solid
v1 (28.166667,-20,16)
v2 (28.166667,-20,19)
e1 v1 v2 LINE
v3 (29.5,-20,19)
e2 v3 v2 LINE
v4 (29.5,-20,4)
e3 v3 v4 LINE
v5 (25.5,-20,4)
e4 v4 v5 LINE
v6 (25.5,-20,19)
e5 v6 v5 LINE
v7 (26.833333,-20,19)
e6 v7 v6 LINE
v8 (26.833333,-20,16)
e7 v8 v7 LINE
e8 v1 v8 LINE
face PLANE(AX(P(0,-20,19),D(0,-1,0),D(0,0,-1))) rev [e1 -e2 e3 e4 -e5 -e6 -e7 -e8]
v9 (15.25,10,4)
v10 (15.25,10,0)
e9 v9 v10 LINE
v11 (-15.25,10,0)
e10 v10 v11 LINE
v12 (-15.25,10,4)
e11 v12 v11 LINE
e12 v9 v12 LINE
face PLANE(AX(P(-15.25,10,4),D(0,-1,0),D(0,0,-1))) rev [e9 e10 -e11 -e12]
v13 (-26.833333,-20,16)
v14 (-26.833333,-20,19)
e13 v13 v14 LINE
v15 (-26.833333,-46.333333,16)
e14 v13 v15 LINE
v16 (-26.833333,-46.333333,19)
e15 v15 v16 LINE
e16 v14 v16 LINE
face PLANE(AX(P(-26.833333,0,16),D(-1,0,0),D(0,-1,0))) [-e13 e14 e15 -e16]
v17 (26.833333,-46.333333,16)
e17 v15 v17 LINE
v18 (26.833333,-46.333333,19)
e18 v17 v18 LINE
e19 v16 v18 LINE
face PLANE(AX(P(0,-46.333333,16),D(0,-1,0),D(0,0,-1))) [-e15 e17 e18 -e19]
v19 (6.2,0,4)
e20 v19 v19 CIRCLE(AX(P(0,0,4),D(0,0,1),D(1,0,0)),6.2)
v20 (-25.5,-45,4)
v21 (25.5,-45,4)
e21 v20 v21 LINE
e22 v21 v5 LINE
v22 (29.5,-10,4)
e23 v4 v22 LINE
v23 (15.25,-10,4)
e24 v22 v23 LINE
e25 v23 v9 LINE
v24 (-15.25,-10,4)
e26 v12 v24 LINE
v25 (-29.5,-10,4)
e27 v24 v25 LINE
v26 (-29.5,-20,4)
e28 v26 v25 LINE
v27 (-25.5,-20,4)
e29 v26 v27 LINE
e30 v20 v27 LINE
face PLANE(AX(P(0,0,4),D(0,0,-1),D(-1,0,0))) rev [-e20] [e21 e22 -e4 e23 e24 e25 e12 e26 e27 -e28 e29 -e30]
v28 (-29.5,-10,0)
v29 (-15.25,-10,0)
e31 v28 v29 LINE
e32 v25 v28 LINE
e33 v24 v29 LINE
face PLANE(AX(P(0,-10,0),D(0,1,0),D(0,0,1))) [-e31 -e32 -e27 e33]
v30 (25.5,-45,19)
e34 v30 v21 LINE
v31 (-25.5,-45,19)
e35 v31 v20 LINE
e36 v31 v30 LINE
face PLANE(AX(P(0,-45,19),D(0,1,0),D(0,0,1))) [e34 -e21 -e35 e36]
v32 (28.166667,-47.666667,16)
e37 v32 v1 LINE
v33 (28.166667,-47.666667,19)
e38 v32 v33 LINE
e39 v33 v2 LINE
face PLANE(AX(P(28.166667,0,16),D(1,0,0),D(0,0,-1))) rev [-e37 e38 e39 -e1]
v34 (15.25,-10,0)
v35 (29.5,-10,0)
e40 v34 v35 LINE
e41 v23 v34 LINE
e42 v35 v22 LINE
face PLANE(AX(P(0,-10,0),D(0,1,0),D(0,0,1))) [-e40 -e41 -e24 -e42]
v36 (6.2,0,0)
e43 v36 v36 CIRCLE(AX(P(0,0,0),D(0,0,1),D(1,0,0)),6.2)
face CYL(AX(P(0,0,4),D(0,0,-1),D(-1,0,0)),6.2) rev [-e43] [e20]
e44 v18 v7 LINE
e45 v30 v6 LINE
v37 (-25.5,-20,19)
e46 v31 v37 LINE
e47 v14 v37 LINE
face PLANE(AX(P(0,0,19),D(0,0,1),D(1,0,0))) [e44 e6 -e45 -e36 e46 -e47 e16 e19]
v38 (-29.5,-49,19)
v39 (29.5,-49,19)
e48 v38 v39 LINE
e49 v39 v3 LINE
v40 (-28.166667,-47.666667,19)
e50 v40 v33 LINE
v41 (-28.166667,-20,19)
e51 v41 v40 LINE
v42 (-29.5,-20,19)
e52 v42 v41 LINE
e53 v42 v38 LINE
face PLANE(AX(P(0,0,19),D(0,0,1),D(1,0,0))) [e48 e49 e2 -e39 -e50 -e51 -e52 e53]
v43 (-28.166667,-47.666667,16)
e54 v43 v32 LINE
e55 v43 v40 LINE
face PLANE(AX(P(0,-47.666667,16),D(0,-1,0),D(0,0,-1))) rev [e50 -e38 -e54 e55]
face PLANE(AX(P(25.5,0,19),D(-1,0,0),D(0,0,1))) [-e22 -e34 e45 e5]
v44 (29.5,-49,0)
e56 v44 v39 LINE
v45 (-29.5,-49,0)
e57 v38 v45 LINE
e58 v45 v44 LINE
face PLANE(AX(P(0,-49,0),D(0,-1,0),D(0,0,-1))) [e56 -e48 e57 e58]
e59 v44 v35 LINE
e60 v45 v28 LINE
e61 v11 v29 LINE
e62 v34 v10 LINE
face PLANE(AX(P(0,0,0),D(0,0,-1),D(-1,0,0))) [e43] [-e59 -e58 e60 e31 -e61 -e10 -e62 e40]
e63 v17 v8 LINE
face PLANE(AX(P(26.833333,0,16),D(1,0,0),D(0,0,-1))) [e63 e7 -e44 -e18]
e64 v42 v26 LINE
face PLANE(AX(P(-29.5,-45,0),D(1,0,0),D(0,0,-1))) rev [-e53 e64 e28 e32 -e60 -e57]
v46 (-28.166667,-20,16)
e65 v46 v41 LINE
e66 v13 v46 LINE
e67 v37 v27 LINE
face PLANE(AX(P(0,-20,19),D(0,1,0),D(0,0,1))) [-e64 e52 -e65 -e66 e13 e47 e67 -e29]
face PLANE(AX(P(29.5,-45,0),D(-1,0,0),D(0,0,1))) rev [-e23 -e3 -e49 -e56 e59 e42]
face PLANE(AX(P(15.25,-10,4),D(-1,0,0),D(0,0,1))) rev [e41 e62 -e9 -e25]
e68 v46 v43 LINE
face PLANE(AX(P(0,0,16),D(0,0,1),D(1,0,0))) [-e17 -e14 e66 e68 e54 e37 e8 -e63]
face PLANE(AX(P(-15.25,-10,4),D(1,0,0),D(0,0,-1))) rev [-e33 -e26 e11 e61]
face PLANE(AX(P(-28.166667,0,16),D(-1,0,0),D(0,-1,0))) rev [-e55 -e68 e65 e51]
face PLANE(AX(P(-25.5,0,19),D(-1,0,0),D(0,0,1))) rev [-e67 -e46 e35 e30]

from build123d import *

# Parameters (mm, degrees)
SKETCH1_W           = 30.5
SKETCH1_H           = 20
SKETCH1_R           = 6.2
BOSS_EXTRUDE1_DEPTH = 4
SKETCH2_W           = 59
SKETCH2_H           = 4
BOSS_EXTRUDE2_DEPTH = 35
SKETCH4_W           = 59
SKETCH4_H           = 4
BOSS_EXTRUDE3_DEPTH = 4
SKETCH5_W           = 4
SKETCH5_H           = 25
BOSS_EXTRUDE4_DEPTH = 15
SKETCH6_W           = 1.333333334
SKETCH6_H           = 26.333333333
CUT_EXTRUDE1_DEPTH  = 3


with BuildPart() as part:
    # Sketch1 → Boss-Extrude1 (new body)
    with BuildSketch(Plane.XY):
        Rectangle(SKETCH1_W, SKETCH1_H)
        Circle(SKETCH1_R, mode=Mode.SUBTRACT)
    extrude(amount=BOSS_EXTRUDE1_DEPTH)

    # Sketch2 → Boss-Extrude2 (add)
    with BuildSketch(Plane.XZ.offset(10)):
        with Locations((0, 2)):
            Rectangle(SKETCH2_W, SKETCH2_H)
    extrude(amount=BOSS_EXTRUDE2_DEPTH)

    # Sketch4 → Boss-Extrude3 (add)
    with BuildSketch(Plane.XZ.offset(45)):
        with Locations((0, 2)):
            Rectangle(SKETCH4_W, SKETCH4_H)
    extrude(amount=BOSS_EXTRUDE3_DEPTH)

    # Sketch5 → Boss-Extrude4 (add)
    with BuildSketch(Plane.XY.offset(4)):
        with Locations((-27.5, -32.5)):
            Rectangle(SKETCH5_W, SKETCH5_H)
        Polygon((-29.5, -45), (-29.5, -49), (29.5, -49), (29.5, -45), (25.5, -45), (-25.5, -45), align=None)
        with Locations((27.5, -32.5)):
            Rectangle(SKETCH5_W, SKETCH5_H)
    extrude(amount=BOSS_EXTRUDE4_DEPTH)

    # Sketch6 → Cut-Extrude1 (cut)
    with BuildSketch(Plane.XY.offset(19)):
        Polygon((-26.833333333, -20), (-28.166666667, -20), (-28.166666667, -47.666666667), (-26.833333333, -47.666666667), (-26.833333333, -46.333333333), align=None)
        Polygon((26.833333333, -46.333333333), (-26.833333333, -46.333333333), (-26.833333333, -47.666666667), (28.166666667, -47.666666667), (28.166666667, -46.333333333), align=None)
        with Locations((27.5, -33.166666667)):
            Rectangle(SKETCH6_W, SKETCH6_H)
    extrude(amount=-CUT_EXTRUDE1_DEPTH, mode=Mode.SUBTRACT)


solid = part.part
